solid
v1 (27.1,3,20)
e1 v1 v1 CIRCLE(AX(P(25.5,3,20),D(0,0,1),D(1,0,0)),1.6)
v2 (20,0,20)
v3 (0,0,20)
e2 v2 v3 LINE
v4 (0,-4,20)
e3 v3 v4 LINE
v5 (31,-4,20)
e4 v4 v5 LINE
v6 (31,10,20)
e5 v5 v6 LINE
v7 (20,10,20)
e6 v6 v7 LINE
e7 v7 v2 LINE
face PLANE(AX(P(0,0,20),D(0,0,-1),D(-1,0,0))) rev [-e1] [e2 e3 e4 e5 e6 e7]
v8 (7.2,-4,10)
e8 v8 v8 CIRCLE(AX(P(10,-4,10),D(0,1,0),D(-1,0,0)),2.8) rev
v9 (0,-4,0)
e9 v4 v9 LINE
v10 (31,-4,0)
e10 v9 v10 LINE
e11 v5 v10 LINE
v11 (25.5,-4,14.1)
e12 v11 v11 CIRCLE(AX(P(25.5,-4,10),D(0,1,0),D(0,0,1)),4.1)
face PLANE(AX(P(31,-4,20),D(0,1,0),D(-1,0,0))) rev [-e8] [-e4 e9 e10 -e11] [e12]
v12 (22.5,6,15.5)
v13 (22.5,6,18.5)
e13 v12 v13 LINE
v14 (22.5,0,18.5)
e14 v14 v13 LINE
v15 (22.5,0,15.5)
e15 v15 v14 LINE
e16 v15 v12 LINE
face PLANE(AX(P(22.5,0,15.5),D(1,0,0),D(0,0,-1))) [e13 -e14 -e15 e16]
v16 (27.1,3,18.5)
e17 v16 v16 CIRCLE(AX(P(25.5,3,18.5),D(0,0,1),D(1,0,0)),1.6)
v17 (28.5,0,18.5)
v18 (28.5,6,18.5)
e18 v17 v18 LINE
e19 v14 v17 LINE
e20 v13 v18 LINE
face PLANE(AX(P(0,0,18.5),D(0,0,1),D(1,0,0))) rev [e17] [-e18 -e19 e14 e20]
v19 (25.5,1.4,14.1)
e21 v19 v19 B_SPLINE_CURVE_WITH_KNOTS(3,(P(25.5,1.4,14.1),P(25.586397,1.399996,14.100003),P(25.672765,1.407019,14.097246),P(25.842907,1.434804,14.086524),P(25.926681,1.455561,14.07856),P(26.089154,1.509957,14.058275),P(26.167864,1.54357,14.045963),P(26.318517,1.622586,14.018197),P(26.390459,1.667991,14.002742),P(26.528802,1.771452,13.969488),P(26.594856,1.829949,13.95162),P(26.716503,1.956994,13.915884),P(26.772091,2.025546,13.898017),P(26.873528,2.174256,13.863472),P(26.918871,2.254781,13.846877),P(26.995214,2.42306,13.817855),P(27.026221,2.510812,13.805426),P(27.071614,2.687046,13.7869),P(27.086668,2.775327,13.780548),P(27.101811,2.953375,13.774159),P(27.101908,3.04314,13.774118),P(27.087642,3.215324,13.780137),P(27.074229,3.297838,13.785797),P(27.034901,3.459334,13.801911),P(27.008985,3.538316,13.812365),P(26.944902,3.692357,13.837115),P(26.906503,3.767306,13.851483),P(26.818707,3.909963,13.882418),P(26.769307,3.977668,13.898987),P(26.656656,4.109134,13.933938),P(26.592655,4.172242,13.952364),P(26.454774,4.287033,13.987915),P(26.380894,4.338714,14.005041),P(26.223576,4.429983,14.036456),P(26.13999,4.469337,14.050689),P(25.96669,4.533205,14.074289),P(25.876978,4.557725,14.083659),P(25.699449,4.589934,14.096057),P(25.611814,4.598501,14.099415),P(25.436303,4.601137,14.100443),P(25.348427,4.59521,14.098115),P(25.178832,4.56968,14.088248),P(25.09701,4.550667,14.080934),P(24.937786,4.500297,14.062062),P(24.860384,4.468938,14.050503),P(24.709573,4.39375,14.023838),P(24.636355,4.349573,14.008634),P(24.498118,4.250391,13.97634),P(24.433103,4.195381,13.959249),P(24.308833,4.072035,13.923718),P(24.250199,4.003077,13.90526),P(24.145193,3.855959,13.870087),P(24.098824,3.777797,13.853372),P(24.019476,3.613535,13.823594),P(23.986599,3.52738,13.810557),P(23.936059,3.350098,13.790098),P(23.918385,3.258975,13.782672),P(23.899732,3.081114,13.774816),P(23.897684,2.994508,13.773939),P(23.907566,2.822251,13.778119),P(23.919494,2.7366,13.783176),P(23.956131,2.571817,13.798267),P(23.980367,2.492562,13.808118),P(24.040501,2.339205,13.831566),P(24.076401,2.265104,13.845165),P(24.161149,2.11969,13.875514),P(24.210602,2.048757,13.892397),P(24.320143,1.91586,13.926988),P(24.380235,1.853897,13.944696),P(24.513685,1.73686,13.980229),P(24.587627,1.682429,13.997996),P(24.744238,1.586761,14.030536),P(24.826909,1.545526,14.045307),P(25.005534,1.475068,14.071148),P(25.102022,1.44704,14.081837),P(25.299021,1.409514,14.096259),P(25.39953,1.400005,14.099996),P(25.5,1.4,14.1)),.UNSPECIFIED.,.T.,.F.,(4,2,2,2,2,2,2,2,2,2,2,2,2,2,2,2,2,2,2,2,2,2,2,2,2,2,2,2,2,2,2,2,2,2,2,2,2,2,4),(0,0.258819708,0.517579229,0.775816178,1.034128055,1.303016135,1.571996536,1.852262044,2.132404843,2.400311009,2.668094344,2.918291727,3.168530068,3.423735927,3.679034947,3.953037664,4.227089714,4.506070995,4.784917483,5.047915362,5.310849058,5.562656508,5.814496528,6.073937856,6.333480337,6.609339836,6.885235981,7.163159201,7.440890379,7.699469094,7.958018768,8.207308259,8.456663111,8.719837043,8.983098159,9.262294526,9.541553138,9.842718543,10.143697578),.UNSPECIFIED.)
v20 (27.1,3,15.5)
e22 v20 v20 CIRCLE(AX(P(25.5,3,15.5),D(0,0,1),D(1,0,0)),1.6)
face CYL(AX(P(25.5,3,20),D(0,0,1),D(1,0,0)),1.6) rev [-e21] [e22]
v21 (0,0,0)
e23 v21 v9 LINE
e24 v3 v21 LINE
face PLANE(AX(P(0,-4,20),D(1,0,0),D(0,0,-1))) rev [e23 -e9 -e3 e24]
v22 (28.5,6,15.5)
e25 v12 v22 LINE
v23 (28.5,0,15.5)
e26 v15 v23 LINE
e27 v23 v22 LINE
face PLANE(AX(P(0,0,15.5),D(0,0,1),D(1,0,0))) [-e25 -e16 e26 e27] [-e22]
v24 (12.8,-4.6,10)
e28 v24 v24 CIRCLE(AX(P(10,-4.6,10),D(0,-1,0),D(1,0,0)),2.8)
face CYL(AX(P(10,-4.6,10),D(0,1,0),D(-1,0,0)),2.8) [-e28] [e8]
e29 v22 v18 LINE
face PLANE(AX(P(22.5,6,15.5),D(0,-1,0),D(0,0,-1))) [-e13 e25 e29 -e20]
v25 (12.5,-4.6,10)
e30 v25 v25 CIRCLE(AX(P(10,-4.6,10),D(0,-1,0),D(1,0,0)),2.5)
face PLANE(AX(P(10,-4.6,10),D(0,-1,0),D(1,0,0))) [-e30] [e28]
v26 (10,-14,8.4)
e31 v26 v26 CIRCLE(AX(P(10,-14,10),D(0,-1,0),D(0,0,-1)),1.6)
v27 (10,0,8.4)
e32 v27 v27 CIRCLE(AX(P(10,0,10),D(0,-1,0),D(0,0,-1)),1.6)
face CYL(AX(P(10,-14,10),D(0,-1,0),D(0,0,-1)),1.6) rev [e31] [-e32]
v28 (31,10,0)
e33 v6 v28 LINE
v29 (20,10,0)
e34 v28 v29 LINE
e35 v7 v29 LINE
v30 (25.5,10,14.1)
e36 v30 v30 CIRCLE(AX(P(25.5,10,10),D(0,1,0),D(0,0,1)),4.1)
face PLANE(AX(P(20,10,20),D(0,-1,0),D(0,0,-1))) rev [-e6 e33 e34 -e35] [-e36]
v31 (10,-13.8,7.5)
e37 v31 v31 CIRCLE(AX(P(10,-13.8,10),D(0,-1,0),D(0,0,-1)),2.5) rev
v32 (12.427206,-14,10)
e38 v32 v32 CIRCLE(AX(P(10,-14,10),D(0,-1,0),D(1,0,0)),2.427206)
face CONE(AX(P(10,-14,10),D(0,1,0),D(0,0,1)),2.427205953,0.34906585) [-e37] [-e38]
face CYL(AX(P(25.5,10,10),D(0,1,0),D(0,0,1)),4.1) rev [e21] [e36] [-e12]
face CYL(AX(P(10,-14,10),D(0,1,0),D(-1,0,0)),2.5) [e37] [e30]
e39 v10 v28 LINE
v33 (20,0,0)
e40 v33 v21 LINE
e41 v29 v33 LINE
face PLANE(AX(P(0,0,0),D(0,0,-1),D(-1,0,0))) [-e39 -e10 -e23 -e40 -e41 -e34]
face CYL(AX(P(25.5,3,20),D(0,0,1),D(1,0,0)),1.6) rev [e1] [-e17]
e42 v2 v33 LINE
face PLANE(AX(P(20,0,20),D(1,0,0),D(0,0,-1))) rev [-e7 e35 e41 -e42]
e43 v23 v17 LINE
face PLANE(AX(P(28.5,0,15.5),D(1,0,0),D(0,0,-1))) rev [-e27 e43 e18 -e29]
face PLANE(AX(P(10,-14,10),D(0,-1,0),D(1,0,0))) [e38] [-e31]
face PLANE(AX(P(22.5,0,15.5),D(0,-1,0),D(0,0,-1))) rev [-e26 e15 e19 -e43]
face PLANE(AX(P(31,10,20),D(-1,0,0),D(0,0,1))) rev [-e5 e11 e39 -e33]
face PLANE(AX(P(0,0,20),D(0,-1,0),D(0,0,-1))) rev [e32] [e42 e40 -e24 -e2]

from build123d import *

# Parameters (mm, degrees)
EXTRUDE_1_DEPTH     = 20
HOLE_WIZARD_2_D     = 8.2
SKETCH_7_W          = 6
SKETCH_7_H          = 6
CUT_EXTRUDE_1_DEPTH = 1.5
HOLE_WIZARD_3_D     = 3.2
HOLE_WIZARD_3_DEPTH = 7
SKETCH_11_R         = 2.5
EXTRUDE_2_DEPTH     = 10
HOLE_WIZARD_4_D     = 3.2
SKETCH_14_R         = 2.8
EXTRUDE_3_DEPTH     = 0.6
CHAMFER_1_SIZE      = 0.2
CHAMFER_1_SIZE2     = 0.072794047
HOLE_WIZARD_5_D     = 3.2


with BuildPart() as part:
    # 草图1 → 凸台-拉伸1 (new body)
    with BuildSketch(Plane.XY):
        Polygon((0, 0), (20, 0), (20, 10), (31, 10), (31, -4), (0, -4), align=None)
    extrude(amount=EXTRUDE_1_DEPTH)

    # 孔2 (through all)
    with Locations(Plane(origin=(0, 10, 0), x_dir=(1, 0, 0), z_dir=(0, 1, 0))):
        with Locations((25.5, -10)):
            Hole(HOLE_WIZARD_2_D / 2)

    # 草图7 → 切除-拉伸1 (cut, symmetric)
    with BuildSketch(Plane.XY.offset(17)):
        with Locations((25.5, 3)):
            Rectangle(SKETCH_7_W, SKETCH_7_H)
    extrude(amount=CUT_EXTRUDE_1_DEPTH, both=True, mode=Mode.SUBTRACT)

    # 孔3
    with Locations(Plane.XY.offset(20)):
        with Locations((25.5, 3)):
            Hole(HOLE_WIZARD_3_D / 2, depth=HOLE_WIZARD_3_DEPTH)

    # 草图11 → 凸台-拉伸2 (add)
    with BuildSketch(Plane.XZ.offset(4)):
        with Locations(Location((10, 10, 0), (0, 0, 180))):
            Circle(SKETCH_11_R)
    extrude(amount=EXTRUDE_2_DEPTH)

    # 孔4 (through all)
    with Locations(Plane(origin=(0, -14, 0), x_dir=(-1, 0, 0), z_dir=(0, -1, 0))):
        with Locations((-10, -10)):
            Hole(HOLE_WIZARD_4_D / 2)

    # 草图14 → 凸台-拉伸3 (add)
    with BuildSketch(Plane.XZ.offset(4)):
        with Locations(Location((10, 10, 0), (0, 0, 180))):
            Circle(SKETCH_14_R)
    extrude(amount=EXTRUDE_3_DEPTH)

    # 倒角1
    chamfer_1_edges = [part.edges().sort_by_distance(p)[0] for p in [
        (12.5, -14, 10),
    ]]
    chamfer_1_side = [part.faces().sort_by_distance(p)[0] for p in [
        (12.5, -9.3, 10),
    ]]
    chamfer(chamfer_1_edges, length=CHAMFER_1_SIZE, length2=CHAMFER_1_SIZE2, reference=chamfer_1_side[0])

    # 孔5 (through all)
    with Locations(Plane(origin=(0, 0, 0), x_dir=(1, 0, 0), z_dir=(0, 1, 0))):
        with Locations((10, -10)):
            Hole(HOLE_WIZARD_5_D / 2)


solid = part.part
